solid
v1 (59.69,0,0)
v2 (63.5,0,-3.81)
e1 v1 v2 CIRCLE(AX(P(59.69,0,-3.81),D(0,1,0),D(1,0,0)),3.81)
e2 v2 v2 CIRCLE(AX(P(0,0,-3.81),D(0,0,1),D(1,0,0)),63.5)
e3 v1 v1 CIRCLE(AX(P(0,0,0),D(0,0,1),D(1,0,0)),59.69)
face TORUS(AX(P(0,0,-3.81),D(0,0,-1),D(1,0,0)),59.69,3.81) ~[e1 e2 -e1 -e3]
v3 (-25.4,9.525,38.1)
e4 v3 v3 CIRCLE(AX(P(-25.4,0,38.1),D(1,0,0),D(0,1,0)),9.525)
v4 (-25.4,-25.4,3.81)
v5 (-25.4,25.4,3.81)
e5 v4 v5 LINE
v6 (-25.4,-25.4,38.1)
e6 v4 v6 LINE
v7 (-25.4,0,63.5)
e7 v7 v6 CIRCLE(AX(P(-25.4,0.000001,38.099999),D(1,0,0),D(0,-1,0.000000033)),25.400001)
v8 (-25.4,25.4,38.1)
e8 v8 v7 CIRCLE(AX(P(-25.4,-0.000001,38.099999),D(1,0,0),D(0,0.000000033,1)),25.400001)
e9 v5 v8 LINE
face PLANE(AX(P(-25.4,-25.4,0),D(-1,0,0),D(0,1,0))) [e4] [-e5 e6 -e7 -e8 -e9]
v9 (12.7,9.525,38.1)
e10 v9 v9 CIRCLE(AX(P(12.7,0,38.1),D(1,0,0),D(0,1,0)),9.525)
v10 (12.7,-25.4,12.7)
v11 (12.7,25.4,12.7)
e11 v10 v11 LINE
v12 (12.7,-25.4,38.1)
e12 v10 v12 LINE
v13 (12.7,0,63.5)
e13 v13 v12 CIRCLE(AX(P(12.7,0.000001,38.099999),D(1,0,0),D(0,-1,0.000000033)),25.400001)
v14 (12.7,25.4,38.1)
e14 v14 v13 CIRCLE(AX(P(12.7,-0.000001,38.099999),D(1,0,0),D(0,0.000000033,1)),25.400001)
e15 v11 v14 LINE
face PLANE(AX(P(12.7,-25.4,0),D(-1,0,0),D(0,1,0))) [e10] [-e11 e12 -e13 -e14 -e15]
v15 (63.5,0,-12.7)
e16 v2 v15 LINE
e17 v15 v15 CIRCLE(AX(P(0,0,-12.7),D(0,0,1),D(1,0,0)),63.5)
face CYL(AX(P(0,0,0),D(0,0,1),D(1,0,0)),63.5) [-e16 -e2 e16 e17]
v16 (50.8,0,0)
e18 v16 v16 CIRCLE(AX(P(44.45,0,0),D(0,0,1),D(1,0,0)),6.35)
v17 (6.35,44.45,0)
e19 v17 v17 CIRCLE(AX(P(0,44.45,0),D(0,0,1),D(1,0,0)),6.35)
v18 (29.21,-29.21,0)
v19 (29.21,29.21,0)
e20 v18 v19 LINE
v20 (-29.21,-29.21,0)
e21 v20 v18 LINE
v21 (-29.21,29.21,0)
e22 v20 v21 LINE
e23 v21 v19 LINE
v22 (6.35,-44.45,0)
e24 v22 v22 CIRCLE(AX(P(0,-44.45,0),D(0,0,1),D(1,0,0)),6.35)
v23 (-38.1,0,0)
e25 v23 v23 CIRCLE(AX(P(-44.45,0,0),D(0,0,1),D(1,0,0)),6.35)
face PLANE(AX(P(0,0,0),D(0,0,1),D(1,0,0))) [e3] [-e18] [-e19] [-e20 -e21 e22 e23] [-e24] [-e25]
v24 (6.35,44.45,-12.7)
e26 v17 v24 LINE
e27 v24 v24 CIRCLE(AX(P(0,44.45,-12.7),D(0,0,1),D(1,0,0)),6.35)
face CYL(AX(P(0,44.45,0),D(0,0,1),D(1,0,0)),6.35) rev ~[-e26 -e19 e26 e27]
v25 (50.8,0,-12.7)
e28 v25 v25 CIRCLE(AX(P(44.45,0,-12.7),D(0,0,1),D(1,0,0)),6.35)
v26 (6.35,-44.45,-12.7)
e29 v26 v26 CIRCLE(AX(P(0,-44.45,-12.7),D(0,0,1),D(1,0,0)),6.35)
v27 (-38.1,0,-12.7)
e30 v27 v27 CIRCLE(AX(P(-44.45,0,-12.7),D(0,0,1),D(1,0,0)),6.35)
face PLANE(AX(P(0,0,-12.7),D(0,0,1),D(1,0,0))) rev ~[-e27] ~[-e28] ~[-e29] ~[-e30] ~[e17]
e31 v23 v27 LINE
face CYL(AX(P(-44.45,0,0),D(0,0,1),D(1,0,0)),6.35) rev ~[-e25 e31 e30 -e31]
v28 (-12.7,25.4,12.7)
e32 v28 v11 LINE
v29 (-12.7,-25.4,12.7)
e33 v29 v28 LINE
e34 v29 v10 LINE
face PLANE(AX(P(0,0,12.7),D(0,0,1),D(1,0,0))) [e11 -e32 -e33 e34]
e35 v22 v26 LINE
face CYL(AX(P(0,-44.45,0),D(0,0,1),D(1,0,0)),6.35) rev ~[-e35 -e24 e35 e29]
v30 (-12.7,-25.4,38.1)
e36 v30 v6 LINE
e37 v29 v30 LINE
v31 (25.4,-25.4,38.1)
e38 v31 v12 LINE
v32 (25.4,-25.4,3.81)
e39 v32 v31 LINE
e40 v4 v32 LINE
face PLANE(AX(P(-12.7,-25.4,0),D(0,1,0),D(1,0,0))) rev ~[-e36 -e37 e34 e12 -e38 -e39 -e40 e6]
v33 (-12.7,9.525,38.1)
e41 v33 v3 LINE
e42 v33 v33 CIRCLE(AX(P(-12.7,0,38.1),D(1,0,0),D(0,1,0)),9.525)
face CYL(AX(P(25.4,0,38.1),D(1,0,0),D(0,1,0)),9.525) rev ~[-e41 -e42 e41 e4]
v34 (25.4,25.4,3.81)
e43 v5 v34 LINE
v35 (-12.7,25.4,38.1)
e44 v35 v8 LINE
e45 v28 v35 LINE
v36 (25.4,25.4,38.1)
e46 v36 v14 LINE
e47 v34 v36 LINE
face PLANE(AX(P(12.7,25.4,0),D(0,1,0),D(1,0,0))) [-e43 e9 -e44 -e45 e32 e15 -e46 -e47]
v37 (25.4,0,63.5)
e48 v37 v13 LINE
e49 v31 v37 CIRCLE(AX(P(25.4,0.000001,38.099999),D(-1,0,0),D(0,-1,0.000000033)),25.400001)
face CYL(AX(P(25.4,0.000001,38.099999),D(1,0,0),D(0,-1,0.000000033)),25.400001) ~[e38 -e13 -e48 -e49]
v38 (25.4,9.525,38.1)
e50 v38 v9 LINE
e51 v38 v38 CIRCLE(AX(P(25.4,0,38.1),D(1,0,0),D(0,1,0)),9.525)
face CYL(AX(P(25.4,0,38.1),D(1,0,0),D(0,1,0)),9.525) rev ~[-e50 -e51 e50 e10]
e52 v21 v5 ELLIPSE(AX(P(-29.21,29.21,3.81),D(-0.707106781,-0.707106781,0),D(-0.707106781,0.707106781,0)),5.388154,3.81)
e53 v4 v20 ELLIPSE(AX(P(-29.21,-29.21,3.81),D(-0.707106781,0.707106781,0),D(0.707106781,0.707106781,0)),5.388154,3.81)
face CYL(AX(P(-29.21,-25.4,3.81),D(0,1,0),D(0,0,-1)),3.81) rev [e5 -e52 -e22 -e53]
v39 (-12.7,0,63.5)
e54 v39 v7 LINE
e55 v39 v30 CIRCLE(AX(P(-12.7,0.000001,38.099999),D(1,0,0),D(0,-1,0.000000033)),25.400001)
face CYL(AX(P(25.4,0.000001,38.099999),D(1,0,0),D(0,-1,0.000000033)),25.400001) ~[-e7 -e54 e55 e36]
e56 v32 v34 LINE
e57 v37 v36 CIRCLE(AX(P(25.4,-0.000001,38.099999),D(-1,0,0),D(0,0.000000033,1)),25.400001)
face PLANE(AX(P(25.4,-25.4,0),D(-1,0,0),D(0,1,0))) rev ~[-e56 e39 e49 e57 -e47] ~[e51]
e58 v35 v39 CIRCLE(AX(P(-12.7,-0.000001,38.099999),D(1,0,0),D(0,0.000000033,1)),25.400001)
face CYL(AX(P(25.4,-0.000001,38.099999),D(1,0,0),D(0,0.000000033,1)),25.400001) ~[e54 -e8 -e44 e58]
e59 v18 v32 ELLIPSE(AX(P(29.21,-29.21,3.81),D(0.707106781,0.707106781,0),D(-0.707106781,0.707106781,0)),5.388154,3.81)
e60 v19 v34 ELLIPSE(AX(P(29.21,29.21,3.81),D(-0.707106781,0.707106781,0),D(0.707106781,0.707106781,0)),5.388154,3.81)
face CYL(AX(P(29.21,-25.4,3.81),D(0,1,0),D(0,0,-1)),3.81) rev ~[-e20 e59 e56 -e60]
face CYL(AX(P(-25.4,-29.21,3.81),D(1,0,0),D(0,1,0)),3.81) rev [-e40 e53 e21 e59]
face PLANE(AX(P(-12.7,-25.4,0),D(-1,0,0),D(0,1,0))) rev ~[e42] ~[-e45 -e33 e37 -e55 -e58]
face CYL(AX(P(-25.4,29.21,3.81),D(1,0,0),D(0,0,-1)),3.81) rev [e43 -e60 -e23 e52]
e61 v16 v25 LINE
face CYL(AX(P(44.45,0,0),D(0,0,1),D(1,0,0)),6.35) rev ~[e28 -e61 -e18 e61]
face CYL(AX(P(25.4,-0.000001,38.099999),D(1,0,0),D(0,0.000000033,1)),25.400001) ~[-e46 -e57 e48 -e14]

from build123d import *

# Parameters (mm, degrees)
F0_R     = 63.5
F0_R_2   = 6.35
F0_W     = 12.7
F0_H     = 50.8
F0_W_2   = 25.4
F1_DEPTH = 12.7
F2_DEPTH = 63.5
F3_DEPTH = 12.7
F5_DEPTH = 88.901
F4_R     = 9.525
F6_DEPTH = 88.901
F7_R     = 3.81


with BuildPart() as f1:
    # F0 (on Top) → F1 (new body)
    with BuildSketch(Plane.XY):
        Circle(F0_R)
        with Locations((0, -44.45)):
            Circle(F0_R_2, mode=Mode.SUBTRACT)
        with Locations((-44.45, 0)):
            Circle(F0_R_2, mode=Mode.SUBTRACT)
        Polygon((-25.4, -25.4), (-25.4, 25.4), (-12.7, 25.4), (12.7, 25.4), (25.4, 25.4), (25.4, -25.4), (12.7, -25.4), (-12.7, -25.4), align=None, mode=Mode.SUBTRACT)
        with Locations((44.45, 0)):
            Circle(F0_R_2, mode=Mode.SUBTRACT)
        with Locations((0, 44.45)):
            Circle(F0_R_2, mode=Mode.SUBTRACT)
        with Locations((-19.05, 0)):
            Rectangle(F0_W, F0_H)
        Rectangle(F0_W_2, F0_H)
        with Locations((19.05, 0)):
            Rectangle(F0_W, F0_H)
    extrude(amount=-F1_DEPTH)

    # F0 (on Top) → F2 (join)
    with BuildSketch(Plane.XY):
        with Locations((-19.05, 0)):
            Rectangle(F0_W, F0_H)
        with Locations((19.05, 0)):
            Rectangle(F0_W, F0_H)
    extrude(amount=F2_DEPTH)

    # F0 (on Top) → F3 (join)
    with BuildSketch(Plane.XY):
        Rectangle(F0_W_2, F0_H)
    extrude(amount=F3_DEPTH)

    # F4 (on face) → F5 (cut, through all)
    with BuildSketch(Plane.YZ.offset(25.4)):
        with BuildLine():
            Line((-25.4, 63.5), (-25.4, 38.1))
            ThreePointArc((-25.4, 38.1), (-17.960512, 56.060512), (0, 63.5))
            Line((0, 63.5), (-25.4, 63.5))
        make_face()
        with BuildLine():
            ThreePointArc((0, 63.5), (17.960512, 56.060512), (25.4, 38.1))
            Line((25.4, 38.1), (25.4, 63.5))
            Line((25.4, 63.5), (0, 63.5))
        make_face()
    extrude(amount=-F5_DEPTH, mode=Mode.SUBTRACT)

    # F4 (on face) → F6 (cut, through all)
    with BuildSketch(Plane.YZ.offset(25.4)):
        with Locations((0, 38.1)):
            Circle(F4_R)
    extrude(amount=-F6_DEPTH, mode=Mode.SUBTRACT)

    # F7
    f7_edges = [f1.edges().sort_by_distance(p)[0] for p in [
        (25.4, 0, 0),
        (0, -25.4, 0),
        (-25.4, 0, 0),
        (0, 25.4, 0),
        (-63.5, 0, 0),
    ]]
    fillet(f7_edges, radius=F7_R)


solid = f1.part
